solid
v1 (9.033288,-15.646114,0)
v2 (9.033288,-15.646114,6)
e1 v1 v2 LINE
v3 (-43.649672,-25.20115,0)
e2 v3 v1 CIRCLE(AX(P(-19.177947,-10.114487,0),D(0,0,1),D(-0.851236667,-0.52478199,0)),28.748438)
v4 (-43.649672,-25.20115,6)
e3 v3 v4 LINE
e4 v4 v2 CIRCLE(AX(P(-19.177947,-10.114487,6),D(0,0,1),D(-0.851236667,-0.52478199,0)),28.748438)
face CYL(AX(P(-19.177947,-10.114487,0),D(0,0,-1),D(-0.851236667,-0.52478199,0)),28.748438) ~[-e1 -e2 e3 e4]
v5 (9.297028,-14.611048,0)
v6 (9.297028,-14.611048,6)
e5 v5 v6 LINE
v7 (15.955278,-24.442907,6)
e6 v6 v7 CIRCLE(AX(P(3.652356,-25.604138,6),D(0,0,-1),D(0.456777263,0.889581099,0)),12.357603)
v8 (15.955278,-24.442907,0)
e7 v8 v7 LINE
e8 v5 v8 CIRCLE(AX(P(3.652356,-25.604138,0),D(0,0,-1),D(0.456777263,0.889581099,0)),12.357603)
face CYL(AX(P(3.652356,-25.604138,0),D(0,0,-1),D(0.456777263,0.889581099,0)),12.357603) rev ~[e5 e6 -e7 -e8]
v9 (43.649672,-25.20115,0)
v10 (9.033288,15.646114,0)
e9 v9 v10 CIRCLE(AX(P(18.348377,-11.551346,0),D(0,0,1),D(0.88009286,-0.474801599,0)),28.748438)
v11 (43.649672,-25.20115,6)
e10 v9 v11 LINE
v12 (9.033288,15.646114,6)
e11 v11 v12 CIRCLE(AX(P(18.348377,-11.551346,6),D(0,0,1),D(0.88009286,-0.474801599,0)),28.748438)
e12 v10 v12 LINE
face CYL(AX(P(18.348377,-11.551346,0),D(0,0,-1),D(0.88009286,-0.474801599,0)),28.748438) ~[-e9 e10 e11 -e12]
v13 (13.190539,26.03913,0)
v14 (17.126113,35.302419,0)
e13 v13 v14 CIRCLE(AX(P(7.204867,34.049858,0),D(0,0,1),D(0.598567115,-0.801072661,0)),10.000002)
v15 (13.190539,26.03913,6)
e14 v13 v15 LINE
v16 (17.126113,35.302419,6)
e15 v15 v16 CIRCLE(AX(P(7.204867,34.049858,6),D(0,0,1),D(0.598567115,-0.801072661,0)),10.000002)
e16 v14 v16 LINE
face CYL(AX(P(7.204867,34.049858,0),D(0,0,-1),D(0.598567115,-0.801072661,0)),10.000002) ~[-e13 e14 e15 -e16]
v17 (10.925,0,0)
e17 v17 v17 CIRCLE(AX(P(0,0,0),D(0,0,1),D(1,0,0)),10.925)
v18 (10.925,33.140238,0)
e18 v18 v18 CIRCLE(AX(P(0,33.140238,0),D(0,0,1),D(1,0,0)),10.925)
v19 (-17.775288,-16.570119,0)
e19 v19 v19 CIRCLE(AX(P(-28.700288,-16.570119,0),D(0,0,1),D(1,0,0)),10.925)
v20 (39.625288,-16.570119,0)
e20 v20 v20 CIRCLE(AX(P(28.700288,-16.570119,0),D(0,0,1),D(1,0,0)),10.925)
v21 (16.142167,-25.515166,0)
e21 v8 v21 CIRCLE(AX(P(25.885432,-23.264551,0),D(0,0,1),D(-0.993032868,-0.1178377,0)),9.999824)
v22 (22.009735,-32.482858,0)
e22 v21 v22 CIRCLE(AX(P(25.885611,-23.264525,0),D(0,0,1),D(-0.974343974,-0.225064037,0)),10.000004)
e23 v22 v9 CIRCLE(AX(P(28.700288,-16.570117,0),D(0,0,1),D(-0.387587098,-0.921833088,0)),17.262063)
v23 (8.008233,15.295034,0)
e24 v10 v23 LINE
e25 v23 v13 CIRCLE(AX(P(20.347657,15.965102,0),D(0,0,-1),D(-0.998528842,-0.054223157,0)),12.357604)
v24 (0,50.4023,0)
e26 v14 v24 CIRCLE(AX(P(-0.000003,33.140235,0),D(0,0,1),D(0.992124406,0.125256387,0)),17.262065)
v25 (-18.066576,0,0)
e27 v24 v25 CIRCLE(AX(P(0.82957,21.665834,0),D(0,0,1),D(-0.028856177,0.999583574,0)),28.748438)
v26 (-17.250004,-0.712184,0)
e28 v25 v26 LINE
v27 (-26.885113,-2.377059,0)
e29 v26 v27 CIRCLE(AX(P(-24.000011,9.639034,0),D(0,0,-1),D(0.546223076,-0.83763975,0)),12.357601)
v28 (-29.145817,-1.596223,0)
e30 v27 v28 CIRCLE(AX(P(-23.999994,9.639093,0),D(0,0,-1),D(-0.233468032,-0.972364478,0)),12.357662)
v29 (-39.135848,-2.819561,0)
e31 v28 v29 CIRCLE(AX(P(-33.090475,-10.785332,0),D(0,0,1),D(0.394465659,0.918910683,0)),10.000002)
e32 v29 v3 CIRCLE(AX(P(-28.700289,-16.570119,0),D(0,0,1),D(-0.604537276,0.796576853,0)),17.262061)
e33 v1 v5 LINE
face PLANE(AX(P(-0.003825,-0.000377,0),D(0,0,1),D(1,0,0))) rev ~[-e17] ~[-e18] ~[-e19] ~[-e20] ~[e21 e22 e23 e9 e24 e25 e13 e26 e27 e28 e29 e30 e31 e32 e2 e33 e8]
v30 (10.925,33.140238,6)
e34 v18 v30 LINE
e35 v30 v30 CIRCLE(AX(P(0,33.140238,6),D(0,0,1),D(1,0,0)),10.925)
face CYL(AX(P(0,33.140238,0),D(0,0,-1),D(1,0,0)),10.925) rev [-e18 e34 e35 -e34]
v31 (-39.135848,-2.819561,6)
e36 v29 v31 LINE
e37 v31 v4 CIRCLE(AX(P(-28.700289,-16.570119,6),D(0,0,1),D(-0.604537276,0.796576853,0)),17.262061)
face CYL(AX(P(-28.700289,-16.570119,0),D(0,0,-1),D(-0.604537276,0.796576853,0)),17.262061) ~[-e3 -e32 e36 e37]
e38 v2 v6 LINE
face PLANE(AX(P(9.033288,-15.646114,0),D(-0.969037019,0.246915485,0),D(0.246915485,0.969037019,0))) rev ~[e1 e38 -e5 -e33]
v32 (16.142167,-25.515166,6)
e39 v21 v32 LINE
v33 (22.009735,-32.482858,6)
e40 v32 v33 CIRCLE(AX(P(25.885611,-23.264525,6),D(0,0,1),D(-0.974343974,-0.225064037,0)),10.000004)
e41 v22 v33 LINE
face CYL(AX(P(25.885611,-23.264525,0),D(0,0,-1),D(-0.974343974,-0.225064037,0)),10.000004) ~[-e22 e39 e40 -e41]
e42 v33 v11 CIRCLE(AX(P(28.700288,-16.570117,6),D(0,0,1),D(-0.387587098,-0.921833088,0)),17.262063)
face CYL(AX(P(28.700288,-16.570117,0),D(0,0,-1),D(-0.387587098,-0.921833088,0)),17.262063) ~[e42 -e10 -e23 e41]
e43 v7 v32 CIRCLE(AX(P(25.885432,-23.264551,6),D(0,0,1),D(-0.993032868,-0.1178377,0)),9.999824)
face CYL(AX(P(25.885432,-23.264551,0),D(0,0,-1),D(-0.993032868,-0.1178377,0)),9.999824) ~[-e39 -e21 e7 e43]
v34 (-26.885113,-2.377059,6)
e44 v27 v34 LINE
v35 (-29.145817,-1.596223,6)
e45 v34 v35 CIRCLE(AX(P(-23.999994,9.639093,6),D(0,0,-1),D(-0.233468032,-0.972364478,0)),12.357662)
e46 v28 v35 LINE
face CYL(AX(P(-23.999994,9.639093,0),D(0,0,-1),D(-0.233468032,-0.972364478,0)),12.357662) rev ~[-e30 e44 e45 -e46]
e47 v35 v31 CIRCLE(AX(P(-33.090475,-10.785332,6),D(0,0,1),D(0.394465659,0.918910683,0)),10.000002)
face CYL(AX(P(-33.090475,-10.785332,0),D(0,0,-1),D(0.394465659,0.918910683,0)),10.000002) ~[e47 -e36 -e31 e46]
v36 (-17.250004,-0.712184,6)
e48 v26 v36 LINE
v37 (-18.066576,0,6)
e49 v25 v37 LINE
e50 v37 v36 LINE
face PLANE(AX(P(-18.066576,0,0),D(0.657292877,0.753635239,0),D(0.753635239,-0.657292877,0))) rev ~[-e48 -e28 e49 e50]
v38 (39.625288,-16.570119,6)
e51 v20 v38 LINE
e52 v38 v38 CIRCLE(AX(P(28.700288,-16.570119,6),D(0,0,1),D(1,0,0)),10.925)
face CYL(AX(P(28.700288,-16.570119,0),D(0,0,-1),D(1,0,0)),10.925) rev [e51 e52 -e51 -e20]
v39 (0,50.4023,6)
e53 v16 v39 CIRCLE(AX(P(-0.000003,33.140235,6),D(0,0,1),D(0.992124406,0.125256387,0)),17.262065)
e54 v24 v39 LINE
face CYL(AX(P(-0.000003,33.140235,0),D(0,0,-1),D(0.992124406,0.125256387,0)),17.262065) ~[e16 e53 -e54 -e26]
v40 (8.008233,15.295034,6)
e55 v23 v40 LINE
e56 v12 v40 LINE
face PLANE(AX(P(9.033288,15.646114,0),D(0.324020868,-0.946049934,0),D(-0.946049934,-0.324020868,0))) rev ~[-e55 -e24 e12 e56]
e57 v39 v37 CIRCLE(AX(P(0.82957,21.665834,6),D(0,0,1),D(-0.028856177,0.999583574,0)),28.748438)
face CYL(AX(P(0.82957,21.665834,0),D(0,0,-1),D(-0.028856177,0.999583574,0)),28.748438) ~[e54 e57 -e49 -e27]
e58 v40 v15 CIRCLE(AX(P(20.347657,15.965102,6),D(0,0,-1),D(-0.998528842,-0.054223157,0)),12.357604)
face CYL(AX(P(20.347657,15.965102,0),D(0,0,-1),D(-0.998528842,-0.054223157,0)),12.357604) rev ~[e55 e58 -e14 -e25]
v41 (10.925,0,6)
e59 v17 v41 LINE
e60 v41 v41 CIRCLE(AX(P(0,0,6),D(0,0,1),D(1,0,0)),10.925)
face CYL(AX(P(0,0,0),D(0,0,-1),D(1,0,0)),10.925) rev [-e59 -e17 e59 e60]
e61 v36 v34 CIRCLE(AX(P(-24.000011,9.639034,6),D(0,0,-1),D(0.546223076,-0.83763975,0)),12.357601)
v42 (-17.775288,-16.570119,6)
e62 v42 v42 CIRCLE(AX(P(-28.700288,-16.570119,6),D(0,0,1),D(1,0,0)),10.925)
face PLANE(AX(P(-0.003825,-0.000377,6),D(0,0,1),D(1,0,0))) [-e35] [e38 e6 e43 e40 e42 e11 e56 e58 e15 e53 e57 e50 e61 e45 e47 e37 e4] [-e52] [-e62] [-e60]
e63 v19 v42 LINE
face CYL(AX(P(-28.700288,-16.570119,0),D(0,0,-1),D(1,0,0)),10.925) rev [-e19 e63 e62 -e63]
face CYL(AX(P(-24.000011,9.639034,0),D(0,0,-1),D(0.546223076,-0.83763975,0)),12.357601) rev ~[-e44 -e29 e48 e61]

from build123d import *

# Parameters (mm, degrees)
F0_R     = 10.925
F1_DEPTH = 6


with BuildPart() as f1:
    # F0 (on Top) → F1 (new body)
    with BuildSketch(Plane.XY):
        with BuildLine():
            ThreePointArc((13.190539, 26.03913), (16.408651, 30.139565), (17.126113, 35.302419))
            ThreePointArc((17.126113, 35.302419), (11.416108, 46.088258), (0, 50.4023))
            ThreePointArc((0, 50.4023), (-26.232838, 31.366285), (-18.066576, 0))
            Line((-18.066576, 0), (-17.250004, -0.712184))
            ThreePointArc((-17.250004, -0.712184), (-21.89589, -2.538116), (-26.885113, -2.377059))
            ThreePointArc((-26.885113, -2.377059), (-28.0344, -2.041463), (-29.145817, -1.596223))
            ThreePointArc((-29.145817, -1.596223), (-34.305954, -0.859474), (-39.135848, -2.819561))
            ThreePointArc((-39.135848, -2.819561), (-45.621657, -13.157489), (-43.649672, -25.20115))
            ThreePointArc((-43.649672, -25.20115), (-14.04758, -38.401446), (9.033288, -15.646114))
            Line((9.033288, -15.646114), (9.297028, -14.611048))
            ThreePointArc((9.297028, -14.611048), (13.884433, -18.674856), (15.955278, -24.442907))
            ThreePointArc((15.955278, -24.442907), (16.034123, -24.981581), (16.142167, -25.515166))
            ThreePointArc((16.142167, -25.515166), (18.236516, -29.705909), (22.009735, -32.482858))
            ThreePointArc((22.009735, -32.482858), (34.205548, -32.930769), (43.649672, -25.20115))
            ThreePointArc((43.649672, -25.20115), (40.280418, 7.035162), (9.033288, 15.646114))
            Line((9.033288, 15.646114), (8.008233, 15.295034))
            ThreePointArc((8.008233, 15.295034), (9.217172, 21.333778), (13.190539, 26.03913))
        make_face()
        with Locations((-28.700288, -16.570119)):
            Circle(F0_R, mode=Mode.SUBTRACT)
        with Locations((28.700288, -16.570119)):
            Circle(F0_R, mode=Mode.SUBTRACT)
        Circle(F0_R, mode=Mode.SUBTRACT)
        with Locations((0, 33.140238)):
            Circle(F0_R, mode=Mode.SUBTRACT)
    extrude(amount=F1_DEPTH)


solid = f1.part
